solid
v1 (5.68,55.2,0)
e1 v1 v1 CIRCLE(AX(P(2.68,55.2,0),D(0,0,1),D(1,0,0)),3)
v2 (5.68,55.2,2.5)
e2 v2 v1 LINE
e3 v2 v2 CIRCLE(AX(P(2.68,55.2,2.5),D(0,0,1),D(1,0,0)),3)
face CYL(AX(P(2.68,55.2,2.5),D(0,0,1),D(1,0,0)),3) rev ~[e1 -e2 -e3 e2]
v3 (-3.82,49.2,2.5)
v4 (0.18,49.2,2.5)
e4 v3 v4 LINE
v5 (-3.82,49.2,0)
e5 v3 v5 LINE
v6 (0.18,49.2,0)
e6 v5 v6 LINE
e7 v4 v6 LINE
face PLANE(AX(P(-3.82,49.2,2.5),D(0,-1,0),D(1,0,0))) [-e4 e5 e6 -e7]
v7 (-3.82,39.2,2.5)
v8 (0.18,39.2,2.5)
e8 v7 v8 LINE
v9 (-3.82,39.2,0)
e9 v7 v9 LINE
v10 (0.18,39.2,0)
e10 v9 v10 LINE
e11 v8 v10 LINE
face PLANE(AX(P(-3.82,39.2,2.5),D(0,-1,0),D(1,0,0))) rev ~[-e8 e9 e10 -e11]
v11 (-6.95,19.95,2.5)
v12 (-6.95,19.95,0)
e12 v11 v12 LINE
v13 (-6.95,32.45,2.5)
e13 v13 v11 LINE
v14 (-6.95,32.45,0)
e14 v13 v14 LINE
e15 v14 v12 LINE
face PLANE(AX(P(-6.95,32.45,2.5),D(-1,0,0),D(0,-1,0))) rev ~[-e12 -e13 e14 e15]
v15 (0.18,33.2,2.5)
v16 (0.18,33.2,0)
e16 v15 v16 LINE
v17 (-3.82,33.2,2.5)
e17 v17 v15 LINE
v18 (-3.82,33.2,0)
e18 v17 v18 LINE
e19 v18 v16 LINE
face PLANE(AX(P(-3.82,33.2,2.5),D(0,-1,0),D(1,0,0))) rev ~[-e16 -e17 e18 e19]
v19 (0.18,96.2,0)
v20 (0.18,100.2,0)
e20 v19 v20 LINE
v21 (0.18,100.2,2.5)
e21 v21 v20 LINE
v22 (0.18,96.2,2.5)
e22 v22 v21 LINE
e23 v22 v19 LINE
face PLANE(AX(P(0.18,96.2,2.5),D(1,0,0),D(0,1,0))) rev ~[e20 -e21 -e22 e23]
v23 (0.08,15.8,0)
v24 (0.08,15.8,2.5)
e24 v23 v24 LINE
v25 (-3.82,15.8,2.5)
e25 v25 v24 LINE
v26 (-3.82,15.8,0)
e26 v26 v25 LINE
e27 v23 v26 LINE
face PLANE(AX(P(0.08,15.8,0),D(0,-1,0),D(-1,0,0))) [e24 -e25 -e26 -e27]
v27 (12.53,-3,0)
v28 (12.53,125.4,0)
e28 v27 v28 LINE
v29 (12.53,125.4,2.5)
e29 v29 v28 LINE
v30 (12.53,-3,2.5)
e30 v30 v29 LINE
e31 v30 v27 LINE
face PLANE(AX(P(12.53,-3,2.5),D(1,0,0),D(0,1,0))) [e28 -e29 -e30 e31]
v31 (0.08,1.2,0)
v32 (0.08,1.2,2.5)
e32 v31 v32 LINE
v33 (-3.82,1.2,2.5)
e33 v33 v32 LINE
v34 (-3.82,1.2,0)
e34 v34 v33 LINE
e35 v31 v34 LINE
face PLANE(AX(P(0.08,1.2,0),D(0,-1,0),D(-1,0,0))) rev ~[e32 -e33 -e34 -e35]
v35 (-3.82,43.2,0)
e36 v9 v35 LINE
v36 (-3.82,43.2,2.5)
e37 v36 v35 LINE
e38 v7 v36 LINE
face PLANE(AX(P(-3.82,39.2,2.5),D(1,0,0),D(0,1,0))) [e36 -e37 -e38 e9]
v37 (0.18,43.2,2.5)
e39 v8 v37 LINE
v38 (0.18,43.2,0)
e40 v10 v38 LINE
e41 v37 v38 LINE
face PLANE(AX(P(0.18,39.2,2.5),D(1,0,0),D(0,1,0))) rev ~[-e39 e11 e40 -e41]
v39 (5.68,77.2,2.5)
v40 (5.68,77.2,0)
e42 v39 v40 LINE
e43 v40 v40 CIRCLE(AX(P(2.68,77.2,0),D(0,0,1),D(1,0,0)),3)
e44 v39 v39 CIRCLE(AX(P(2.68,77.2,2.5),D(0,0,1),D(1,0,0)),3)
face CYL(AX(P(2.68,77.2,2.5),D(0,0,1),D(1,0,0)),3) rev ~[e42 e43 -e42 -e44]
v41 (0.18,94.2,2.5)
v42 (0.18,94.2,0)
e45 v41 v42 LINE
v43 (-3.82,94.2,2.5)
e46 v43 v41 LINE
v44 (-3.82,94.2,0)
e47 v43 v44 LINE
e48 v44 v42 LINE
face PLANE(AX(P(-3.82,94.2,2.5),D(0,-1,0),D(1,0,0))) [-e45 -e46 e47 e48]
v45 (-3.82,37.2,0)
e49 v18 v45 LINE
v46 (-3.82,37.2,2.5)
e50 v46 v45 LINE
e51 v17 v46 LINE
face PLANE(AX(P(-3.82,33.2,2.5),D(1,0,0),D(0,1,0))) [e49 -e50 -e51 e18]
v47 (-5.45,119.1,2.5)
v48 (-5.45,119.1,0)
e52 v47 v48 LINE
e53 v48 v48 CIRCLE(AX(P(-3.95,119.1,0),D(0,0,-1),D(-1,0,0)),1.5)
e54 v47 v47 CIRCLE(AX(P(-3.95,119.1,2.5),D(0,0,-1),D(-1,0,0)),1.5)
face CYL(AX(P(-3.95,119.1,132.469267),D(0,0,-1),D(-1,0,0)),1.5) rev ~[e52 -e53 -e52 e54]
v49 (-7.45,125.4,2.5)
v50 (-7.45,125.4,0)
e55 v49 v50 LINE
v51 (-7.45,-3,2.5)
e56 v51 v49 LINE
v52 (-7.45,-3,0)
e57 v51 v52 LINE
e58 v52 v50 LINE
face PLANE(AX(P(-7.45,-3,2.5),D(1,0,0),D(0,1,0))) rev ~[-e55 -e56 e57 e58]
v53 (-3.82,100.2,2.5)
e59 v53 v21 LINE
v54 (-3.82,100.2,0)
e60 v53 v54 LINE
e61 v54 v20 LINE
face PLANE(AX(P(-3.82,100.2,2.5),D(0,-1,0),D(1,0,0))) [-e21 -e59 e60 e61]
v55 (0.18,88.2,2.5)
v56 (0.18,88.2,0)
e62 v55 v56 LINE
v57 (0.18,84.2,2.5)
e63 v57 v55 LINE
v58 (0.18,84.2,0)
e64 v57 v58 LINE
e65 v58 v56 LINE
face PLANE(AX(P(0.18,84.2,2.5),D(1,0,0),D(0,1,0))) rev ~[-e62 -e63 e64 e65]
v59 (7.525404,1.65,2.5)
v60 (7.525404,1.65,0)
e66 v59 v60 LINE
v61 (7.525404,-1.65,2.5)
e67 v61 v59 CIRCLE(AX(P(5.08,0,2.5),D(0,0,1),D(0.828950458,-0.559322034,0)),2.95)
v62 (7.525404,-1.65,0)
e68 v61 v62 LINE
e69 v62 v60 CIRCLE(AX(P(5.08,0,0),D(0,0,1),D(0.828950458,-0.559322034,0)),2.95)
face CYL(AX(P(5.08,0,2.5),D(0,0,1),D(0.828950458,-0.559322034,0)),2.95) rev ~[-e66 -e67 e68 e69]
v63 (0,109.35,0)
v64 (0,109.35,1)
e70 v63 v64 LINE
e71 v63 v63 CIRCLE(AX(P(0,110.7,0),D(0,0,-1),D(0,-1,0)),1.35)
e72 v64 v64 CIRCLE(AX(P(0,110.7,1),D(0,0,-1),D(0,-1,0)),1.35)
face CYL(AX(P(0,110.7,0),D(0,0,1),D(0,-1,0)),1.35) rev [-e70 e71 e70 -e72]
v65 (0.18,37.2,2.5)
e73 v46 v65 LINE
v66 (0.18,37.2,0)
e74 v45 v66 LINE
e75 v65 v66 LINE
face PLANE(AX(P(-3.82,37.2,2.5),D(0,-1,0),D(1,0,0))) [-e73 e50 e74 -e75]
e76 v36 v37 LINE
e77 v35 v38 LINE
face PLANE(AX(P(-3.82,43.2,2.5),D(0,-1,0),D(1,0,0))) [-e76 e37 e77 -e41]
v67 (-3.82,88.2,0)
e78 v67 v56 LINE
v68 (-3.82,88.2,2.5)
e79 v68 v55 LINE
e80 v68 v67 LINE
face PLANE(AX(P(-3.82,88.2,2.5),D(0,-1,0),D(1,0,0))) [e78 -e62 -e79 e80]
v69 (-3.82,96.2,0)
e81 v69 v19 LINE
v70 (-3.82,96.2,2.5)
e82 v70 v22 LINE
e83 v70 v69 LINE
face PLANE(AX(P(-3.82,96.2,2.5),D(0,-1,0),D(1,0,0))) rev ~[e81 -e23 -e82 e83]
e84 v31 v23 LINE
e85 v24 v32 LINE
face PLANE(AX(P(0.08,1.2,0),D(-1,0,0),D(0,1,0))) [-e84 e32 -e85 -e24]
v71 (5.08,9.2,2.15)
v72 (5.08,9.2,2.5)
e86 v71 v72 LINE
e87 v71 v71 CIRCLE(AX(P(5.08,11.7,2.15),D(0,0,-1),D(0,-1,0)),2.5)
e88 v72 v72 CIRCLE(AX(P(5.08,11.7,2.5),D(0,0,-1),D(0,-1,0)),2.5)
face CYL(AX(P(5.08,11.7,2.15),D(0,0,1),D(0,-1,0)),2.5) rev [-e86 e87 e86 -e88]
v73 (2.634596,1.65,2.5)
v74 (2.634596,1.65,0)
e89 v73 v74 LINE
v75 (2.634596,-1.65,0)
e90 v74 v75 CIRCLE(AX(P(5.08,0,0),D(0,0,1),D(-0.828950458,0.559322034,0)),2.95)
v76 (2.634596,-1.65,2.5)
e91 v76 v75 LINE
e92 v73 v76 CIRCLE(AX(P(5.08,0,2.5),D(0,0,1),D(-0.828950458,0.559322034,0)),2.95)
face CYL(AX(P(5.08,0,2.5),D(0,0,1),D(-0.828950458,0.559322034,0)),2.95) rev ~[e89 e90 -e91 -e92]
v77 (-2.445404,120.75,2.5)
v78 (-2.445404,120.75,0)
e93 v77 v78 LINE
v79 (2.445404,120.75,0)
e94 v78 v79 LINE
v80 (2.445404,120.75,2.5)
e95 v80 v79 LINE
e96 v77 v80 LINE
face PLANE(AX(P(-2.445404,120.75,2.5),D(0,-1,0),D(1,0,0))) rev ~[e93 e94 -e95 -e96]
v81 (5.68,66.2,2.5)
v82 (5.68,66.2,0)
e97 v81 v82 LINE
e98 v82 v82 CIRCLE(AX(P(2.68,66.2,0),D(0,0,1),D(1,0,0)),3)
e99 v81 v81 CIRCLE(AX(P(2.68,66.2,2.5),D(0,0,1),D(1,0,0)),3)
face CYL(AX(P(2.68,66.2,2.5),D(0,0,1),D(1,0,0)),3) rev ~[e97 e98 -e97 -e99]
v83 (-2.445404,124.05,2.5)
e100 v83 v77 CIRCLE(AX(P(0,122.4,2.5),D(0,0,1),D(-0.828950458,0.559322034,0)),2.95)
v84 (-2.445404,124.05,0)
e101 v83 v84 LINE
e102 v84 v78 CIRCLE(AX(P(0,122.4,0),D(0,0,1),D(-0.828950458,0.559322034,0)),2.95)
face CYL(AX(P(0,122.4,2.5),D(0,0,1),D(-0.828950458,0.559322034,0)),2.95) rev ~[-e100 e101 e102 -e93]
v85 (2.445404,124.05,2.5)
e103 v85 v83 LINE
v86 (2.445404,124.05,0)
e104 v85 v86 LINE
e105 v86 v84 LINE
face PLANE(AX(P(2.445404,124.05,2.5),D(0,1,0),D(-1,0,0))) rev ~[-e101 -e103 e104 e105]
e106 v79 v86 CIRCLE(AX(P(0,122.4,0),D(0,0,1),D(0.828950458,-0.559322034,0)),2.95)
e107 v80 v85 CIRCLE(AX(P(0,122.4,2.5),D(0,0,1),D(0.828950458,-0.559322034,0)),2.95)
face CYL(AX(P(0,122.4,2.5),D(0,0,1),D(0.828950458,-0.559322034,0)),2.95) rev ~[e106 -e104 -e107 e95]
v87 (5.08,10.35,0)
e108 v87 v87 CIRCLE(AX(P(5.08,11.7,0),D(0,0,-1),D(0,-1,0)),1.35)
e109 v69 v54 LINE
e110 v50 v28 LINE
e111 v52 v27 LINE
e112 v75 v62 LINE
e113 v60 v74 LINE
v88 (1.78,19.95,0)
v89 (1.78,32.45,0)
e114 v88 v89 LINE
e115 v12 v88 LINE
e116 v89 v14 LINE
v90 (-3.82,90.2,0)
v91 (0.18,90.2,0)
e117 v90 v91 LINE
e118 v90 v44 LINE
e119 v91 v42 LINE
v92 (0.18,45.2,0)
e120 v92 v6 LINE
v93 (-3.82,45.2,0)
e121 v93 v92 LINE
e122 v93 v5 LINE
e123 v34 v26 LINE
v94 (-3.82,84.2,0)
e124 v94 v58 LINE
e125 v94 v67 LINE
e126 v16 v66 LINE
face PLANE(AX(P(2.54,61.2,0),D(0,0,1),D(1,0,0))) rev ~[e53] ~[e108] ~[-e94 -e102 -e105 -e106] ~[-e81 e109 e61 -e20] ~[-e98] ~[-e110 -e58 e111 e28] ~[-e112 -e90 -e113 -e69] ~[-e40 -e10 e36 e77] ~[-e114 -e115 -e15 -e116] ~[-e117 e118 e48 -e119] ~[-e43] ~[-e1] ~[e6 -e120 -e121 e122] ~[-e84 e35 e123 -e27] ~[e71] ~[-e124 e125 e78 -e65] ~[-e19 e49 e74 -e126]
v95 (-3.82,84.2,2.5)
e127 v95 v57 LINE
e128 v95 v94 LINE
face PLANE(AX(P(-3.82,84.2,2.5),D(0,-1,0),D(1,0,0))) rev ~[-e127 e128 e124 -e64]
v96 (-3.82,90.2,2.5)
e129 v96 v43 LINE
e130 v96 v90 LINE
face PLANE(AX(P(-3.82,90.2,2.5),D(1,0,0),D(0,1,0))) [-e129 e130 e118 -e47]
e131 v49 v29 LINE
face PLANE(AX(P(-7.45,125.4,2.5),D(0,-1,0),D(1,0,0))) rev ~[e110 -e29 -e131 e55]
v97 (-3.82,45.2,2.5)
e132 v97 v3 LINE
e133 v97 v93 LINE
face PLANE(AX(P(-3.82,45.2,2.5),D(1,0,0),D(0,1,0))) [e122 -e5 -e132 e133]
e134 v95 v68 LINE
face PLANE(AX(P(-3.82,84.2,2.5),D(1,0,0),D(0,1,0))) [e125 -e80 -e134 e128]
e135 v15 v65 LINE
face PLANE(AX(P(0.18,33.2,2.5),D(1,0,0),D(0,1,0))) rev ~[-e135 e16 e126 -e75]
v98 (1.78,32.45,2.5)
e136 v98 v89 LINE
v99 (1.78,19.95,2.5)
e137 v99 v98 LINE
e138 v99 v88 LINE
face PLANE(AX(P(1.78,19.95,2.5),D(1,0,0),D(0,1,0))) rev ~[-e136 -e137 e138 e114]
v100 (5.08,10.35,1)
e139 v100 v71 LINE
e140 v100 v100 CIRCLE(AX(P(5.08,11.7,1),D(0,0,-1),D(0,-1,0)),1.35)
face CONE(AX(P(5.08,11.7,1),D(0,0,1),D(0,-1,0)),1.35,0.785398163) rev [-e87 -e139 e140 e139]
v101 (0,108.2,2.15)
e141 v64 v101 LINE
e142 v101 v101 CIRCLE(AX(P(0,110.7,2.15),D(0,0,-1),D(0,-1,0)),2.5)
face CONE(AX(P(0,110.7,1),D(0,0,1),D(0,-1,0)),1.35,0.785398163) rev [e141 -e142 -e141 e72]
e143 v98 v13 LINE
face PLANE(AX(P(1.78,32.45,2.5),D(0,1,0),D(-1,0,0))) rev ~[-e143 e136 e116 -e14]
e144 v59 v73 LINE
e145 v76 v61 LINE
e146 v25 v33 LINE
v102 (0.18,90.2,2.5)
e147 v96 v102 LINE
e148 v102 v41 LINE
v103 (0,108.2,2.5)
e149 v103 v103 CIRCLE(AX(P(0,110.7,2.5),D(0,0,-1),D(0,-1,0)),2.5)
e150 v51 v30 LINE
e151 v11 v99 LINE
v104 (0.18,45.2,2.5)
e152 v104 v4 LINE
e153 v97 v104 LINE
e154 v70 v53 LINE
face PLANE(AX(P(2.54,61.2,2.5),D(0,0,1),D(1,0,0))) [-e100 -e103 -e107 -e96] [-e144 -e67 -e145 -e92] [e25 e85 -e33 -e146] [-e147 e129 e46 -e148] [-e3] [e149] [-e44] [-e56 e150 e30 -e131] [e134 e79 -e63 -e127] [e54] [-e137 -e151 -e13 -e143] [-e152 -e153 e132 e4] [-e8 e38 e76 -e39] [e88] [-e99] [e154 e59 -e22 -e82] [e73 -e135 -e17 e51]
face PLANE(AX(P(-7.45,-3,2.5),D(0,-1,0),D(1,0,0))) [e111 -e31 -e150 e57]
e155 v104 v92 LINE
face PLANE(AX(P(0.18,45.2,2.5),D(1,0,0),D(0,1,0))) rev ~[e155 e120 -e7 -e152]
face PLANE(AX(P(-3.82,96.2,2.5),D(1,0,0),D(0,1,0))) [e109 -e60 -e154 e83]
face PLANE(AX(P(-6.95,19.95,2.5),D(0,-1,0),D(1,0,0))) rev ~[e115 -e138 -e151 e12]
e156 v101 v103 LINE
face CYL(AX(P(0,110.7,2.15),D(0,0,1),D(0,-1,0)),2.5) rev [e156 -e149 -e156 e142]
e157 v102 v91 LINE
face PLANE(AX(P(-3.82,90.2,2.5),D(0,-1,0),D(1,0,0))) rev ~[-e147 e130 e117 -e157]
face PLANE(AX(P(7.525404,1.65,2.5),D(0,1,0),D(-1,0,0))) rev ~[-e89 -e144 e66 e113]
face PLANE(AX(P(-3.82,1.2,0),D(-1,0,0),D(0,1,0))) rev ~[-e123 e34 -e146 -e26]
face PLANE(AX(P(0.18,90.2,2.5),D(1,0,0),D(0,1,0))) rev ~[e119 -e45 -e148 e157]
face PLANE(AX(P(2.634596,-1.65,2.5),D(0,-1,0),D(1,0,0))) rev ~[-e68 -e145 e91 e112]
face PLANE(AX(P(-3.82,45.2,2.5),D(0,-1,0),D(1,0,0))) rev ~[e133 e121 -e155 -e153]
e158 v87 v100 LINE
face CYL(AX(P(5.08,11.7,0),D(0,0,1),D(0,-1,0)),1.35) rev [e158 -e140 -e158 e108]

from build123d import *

# Parameters (mm, degrees)
SKETCH1_W                                      = 19.98
SKETCH1_H                                      = 128.4
BOSS_EXTRUDE1_DEPTH                            = 2.5
CUT_EXTRUDE1_DEPTH                             = 127.049239982
CUT_EXTRUDE2_DEPTH                             = 127.049239982
SKETCH4_W                                      = 3.9
SKETCH4_H                                      = 14.6
CUT_EXTRUDE3_DEPTH                             = 127.049239982
F_3_0_3_DIAMETER_HOLE1_D                       = 3
CSK_FOR_M2_5_FLAT_HEAD_MACHINE_SCREW1_AT_COUNT = 2
CSK_FOR_M2_5_FLAT_HEAD_MACHINE_SCREW1_AT_PITCH = 99.130249672
USB_DEPTH                                      = 127.049239982
SKETCH10_W                                     = 4
SKETCH10_H                                     = 4
MCXX_DEPTH                                     = 127.049239982
COPY_MMCX_1_COUNT                              = 3
COPY_MMCX_1_PITCH                              = 6
COPY_MMCX_2_COUNT                              = 2
COPY_MMCX_2_PITCH                              = 51
COPY_MMCX_2_COPY_1_SKETCH_W                    = 4
COPY_MMCX_2_COPY_1_SKETCH_H                    = 4
COPY_MMCX_2_COPY_1_DEPTH                       = 127.049239982
COPY_MMCX_2_COPY_2_SKETCH_W                    = 4
COPY_MMCX_2_COPY_2_SKETCH_H                    = 4
COPY_MMCX_2_COPY_2_DEPTH                       = 127.049239982
SKETCH12_R                                     = 3
SELECTOR_1_DEPTH                               = 127.049239982
LPATTERN3_COUNT                                = 3
LPATTERN3_PITCH                                = 11


with BuildPart() as part:
    # Sketch1 → Boss-Extrude1 (new body)
    with BuildSketch(Plane.XY.offset(2.5)):
        with Locations((2.54, 61.2)):
            Rectangle(SKETCH1_W, SKETCH1_H)
    extrude(amount=-BOSS_EXTRUDE1_DEPTH)

    # Sketch2 → Cut-Extrude1 (cut, through all)
    with BuildSketch(Plane.XY.offset(2.5)):
        with BuildLine():
            Line((2.445403852, 124.05), (-2.445403852, 124.05))
            ThreePointArc((-2.445403852, 124.05), (-2.95, 122.4), (-2.445403852, 120.75))
            Line((-2.445403852, 120.75), (2.445403852, 120.75))
            ThreePointArc((2.445403852, 120.75), (2.95, 122.4), (2.445403852, 124.05))
        make_face()
    extrude(amount=-CUT_EXTRUDE1_DEPTH, mode=Mode.SUBTRACT)

    # Sketch3 → Cut-Extrude2 (cut, through all)
    with BuildSketch(Plane.XY.offset(2.5)):
        with BuildLine():
            Line((7.525403852, 1.65), (2.634596148, 1.65))
            ThreePointArc((2.634596148, 1.65), (2.13, 0), (2.634596148, -1.65))
            Line((2.634596148, -1.65), (7.525403852, -1.65))
            ThreePointArc((7.525403852, -1.65), (8.03, 0), (7.525403852, 1.65))
        make_face()
    extrude(amount=-CUT_EXTRUDE2_DEPTH, mode=Mode.SUBTRACT)

    # Sketch4 → Cut-Extrude3 (cut, through all)
    with BuildSketch(Plane(origin=(0, 0, 0), x_dir=(-1, 0, 0), z_dir=(0, 0, -1))):
        with Locations((1.87, 8.5)):
            Rectangle(SKETCH4_W, SKETCH4_H)
    extrude(amount=-CUT_EXTRUDE3_DEPTH, mode=Mode.SUBTRACT)

    # Ø3.0 (3) Diameter Hole1 (through all)
    with Locations(Plane.XY.offset(2.5)):
        with Locations((-3.95, 119.1)):
            Hole(F_3_0_3_DIAMETER_HOLE1_D / 2)

    # Sketch7 → CSK for M2.5 Flat Head Machine Screw1 (revolve, cut)
    with BuildSketch(Plane(origin=(5.08, 11.7, 2.5), x_dir=(0, -1, 0), z_dir=(1, 0, 0))):
        Polygon((0, 0), (0, 2.5), (1.35, 2.5), (1.35, 1.5), (2.5, 0.35), (2.5, 0), align=None)
    csk_for_m2_5_flat_head_machine_screw1 = revolve(axis=Axis((5.08, 11.7, 8.85), (0, 0, -1)), mode=Mode.SUBTRACT)

    # CSK for M2.5 Flat Head Machine Screw1 at: CSK for M2.5 Flat Head Machine Screw1 ×2
    with Locations(*[Vector(-0.05124570972853528, 0.9986860754183062, 0) * (i * CSK_FOR_M2_5_FLAT_HEAD_MACHINE_SCREW1_AT_PITCH) for i in range(1, CSK_FOR_M2_5_FLAT_HEAD_MACHINE_SCREW1_AT_COUNT)]):
        add(csk_for_m2_5_flat_head_machine_screw1, mode=Mode.SUBTRACT)

    # Sketch9 → USB (cut, through all)
    with BuildSketch(Plane.XY.offset(2.5)):
        Polygon((-3.82, 19.95), (1.78, 19.95), (1.78, 32.45), (-3.82, 32.45), (-6.95, 32.45), (-6.95, 19.95), align=None)
    extrude(amount=-USB_DEPTH, mode=Mode.SUBTRACT)

    # Sketch10 → MCXX (cut, through all)
    with BuildSketch(Plane.XY.offset(2.5)):
        with Locations((-1.82, 35.2)):
            Rectangle(SKETCH10_W, SKETCH10_H)
    mcxx = extrude(amount=-MCXX_DEPTH, mode=Mode.SUBTRACT)

    # Copy MMCX 1: MCXX ×3
    with Locations(*[(0, i * COPY_MMCX_1_PITCH, 0) for i in range(1, COPY_MMCX_1_COUNT)]):
        add(mcxx, mode=Mode.SUBTRACT)

    # Copy MMCX 2: MCXX ×2
    with Locations(*[(0, i * COPY_MMCX_2_PITCH, 0) for i in range(1, COPY_MMCX_2_COUNT)]):
        add(mcxx, mode=Mode.SUBTRACT)

    # Copy MMCX 2 copy 1 sketch → Copy MMCX 2 copy 1 (cut, through all)
    with BuildSketch(Plane(origin=(0, 57, 2.5), x_dir=(1, 0, 0), z_dir=(0, 0, 1))):
        with Locations((-1.82, 35.2)):
            Rectangle(COPY_MMCX_2_COPY_1_SKETCH_W, COPY_MMCX_2_COPY_1_SKETCH_H)
    extrude(amount=-COPY_MMCX_2_COPY_1_DEPTH, mode=Mode.SUBTRACT)

    # Copy MMCX 2 copy 2 sketch → Copy MMCX 2 copy 2 (cut, through all)
    with BuildSketch(Plane(origin=(0, 63, 2.5), x_dir=(1, 0, 0), z_dir=(0, 0, 1))):
        with Locations((-1.82, 35.2)):
            Rectangle(COPY_MMCX_2_COPY_2_SKETCH_W, COPY_MMCX_2_COPY_2_SKETCH_H)
    extrude(amount=-COPY_MMCX_2_COPY_2_DEPTH, mode=Mode.SUBTRACT)

    # Sketch12 → Selector 1 (cut, through all)
    with BuildSketch(Plane.XY.offset(2.5)):
        with Locations((2.68, 55.2)):
            Circle(SKETCH12_R)
    selector_1 = extrude(amount=-SELECTOR_1_DEPTH, mode=Mode.SUBTRACT)

    # LPattern3: Selector 1 ×3
    with Locations(*[(0, i * LPATTERN3_PITCH, 0) for i in range(1, LPATTERN3_COUNT)]):
        add(selector_1, mode=Mode.SUBTRACT)


solid = part.part
